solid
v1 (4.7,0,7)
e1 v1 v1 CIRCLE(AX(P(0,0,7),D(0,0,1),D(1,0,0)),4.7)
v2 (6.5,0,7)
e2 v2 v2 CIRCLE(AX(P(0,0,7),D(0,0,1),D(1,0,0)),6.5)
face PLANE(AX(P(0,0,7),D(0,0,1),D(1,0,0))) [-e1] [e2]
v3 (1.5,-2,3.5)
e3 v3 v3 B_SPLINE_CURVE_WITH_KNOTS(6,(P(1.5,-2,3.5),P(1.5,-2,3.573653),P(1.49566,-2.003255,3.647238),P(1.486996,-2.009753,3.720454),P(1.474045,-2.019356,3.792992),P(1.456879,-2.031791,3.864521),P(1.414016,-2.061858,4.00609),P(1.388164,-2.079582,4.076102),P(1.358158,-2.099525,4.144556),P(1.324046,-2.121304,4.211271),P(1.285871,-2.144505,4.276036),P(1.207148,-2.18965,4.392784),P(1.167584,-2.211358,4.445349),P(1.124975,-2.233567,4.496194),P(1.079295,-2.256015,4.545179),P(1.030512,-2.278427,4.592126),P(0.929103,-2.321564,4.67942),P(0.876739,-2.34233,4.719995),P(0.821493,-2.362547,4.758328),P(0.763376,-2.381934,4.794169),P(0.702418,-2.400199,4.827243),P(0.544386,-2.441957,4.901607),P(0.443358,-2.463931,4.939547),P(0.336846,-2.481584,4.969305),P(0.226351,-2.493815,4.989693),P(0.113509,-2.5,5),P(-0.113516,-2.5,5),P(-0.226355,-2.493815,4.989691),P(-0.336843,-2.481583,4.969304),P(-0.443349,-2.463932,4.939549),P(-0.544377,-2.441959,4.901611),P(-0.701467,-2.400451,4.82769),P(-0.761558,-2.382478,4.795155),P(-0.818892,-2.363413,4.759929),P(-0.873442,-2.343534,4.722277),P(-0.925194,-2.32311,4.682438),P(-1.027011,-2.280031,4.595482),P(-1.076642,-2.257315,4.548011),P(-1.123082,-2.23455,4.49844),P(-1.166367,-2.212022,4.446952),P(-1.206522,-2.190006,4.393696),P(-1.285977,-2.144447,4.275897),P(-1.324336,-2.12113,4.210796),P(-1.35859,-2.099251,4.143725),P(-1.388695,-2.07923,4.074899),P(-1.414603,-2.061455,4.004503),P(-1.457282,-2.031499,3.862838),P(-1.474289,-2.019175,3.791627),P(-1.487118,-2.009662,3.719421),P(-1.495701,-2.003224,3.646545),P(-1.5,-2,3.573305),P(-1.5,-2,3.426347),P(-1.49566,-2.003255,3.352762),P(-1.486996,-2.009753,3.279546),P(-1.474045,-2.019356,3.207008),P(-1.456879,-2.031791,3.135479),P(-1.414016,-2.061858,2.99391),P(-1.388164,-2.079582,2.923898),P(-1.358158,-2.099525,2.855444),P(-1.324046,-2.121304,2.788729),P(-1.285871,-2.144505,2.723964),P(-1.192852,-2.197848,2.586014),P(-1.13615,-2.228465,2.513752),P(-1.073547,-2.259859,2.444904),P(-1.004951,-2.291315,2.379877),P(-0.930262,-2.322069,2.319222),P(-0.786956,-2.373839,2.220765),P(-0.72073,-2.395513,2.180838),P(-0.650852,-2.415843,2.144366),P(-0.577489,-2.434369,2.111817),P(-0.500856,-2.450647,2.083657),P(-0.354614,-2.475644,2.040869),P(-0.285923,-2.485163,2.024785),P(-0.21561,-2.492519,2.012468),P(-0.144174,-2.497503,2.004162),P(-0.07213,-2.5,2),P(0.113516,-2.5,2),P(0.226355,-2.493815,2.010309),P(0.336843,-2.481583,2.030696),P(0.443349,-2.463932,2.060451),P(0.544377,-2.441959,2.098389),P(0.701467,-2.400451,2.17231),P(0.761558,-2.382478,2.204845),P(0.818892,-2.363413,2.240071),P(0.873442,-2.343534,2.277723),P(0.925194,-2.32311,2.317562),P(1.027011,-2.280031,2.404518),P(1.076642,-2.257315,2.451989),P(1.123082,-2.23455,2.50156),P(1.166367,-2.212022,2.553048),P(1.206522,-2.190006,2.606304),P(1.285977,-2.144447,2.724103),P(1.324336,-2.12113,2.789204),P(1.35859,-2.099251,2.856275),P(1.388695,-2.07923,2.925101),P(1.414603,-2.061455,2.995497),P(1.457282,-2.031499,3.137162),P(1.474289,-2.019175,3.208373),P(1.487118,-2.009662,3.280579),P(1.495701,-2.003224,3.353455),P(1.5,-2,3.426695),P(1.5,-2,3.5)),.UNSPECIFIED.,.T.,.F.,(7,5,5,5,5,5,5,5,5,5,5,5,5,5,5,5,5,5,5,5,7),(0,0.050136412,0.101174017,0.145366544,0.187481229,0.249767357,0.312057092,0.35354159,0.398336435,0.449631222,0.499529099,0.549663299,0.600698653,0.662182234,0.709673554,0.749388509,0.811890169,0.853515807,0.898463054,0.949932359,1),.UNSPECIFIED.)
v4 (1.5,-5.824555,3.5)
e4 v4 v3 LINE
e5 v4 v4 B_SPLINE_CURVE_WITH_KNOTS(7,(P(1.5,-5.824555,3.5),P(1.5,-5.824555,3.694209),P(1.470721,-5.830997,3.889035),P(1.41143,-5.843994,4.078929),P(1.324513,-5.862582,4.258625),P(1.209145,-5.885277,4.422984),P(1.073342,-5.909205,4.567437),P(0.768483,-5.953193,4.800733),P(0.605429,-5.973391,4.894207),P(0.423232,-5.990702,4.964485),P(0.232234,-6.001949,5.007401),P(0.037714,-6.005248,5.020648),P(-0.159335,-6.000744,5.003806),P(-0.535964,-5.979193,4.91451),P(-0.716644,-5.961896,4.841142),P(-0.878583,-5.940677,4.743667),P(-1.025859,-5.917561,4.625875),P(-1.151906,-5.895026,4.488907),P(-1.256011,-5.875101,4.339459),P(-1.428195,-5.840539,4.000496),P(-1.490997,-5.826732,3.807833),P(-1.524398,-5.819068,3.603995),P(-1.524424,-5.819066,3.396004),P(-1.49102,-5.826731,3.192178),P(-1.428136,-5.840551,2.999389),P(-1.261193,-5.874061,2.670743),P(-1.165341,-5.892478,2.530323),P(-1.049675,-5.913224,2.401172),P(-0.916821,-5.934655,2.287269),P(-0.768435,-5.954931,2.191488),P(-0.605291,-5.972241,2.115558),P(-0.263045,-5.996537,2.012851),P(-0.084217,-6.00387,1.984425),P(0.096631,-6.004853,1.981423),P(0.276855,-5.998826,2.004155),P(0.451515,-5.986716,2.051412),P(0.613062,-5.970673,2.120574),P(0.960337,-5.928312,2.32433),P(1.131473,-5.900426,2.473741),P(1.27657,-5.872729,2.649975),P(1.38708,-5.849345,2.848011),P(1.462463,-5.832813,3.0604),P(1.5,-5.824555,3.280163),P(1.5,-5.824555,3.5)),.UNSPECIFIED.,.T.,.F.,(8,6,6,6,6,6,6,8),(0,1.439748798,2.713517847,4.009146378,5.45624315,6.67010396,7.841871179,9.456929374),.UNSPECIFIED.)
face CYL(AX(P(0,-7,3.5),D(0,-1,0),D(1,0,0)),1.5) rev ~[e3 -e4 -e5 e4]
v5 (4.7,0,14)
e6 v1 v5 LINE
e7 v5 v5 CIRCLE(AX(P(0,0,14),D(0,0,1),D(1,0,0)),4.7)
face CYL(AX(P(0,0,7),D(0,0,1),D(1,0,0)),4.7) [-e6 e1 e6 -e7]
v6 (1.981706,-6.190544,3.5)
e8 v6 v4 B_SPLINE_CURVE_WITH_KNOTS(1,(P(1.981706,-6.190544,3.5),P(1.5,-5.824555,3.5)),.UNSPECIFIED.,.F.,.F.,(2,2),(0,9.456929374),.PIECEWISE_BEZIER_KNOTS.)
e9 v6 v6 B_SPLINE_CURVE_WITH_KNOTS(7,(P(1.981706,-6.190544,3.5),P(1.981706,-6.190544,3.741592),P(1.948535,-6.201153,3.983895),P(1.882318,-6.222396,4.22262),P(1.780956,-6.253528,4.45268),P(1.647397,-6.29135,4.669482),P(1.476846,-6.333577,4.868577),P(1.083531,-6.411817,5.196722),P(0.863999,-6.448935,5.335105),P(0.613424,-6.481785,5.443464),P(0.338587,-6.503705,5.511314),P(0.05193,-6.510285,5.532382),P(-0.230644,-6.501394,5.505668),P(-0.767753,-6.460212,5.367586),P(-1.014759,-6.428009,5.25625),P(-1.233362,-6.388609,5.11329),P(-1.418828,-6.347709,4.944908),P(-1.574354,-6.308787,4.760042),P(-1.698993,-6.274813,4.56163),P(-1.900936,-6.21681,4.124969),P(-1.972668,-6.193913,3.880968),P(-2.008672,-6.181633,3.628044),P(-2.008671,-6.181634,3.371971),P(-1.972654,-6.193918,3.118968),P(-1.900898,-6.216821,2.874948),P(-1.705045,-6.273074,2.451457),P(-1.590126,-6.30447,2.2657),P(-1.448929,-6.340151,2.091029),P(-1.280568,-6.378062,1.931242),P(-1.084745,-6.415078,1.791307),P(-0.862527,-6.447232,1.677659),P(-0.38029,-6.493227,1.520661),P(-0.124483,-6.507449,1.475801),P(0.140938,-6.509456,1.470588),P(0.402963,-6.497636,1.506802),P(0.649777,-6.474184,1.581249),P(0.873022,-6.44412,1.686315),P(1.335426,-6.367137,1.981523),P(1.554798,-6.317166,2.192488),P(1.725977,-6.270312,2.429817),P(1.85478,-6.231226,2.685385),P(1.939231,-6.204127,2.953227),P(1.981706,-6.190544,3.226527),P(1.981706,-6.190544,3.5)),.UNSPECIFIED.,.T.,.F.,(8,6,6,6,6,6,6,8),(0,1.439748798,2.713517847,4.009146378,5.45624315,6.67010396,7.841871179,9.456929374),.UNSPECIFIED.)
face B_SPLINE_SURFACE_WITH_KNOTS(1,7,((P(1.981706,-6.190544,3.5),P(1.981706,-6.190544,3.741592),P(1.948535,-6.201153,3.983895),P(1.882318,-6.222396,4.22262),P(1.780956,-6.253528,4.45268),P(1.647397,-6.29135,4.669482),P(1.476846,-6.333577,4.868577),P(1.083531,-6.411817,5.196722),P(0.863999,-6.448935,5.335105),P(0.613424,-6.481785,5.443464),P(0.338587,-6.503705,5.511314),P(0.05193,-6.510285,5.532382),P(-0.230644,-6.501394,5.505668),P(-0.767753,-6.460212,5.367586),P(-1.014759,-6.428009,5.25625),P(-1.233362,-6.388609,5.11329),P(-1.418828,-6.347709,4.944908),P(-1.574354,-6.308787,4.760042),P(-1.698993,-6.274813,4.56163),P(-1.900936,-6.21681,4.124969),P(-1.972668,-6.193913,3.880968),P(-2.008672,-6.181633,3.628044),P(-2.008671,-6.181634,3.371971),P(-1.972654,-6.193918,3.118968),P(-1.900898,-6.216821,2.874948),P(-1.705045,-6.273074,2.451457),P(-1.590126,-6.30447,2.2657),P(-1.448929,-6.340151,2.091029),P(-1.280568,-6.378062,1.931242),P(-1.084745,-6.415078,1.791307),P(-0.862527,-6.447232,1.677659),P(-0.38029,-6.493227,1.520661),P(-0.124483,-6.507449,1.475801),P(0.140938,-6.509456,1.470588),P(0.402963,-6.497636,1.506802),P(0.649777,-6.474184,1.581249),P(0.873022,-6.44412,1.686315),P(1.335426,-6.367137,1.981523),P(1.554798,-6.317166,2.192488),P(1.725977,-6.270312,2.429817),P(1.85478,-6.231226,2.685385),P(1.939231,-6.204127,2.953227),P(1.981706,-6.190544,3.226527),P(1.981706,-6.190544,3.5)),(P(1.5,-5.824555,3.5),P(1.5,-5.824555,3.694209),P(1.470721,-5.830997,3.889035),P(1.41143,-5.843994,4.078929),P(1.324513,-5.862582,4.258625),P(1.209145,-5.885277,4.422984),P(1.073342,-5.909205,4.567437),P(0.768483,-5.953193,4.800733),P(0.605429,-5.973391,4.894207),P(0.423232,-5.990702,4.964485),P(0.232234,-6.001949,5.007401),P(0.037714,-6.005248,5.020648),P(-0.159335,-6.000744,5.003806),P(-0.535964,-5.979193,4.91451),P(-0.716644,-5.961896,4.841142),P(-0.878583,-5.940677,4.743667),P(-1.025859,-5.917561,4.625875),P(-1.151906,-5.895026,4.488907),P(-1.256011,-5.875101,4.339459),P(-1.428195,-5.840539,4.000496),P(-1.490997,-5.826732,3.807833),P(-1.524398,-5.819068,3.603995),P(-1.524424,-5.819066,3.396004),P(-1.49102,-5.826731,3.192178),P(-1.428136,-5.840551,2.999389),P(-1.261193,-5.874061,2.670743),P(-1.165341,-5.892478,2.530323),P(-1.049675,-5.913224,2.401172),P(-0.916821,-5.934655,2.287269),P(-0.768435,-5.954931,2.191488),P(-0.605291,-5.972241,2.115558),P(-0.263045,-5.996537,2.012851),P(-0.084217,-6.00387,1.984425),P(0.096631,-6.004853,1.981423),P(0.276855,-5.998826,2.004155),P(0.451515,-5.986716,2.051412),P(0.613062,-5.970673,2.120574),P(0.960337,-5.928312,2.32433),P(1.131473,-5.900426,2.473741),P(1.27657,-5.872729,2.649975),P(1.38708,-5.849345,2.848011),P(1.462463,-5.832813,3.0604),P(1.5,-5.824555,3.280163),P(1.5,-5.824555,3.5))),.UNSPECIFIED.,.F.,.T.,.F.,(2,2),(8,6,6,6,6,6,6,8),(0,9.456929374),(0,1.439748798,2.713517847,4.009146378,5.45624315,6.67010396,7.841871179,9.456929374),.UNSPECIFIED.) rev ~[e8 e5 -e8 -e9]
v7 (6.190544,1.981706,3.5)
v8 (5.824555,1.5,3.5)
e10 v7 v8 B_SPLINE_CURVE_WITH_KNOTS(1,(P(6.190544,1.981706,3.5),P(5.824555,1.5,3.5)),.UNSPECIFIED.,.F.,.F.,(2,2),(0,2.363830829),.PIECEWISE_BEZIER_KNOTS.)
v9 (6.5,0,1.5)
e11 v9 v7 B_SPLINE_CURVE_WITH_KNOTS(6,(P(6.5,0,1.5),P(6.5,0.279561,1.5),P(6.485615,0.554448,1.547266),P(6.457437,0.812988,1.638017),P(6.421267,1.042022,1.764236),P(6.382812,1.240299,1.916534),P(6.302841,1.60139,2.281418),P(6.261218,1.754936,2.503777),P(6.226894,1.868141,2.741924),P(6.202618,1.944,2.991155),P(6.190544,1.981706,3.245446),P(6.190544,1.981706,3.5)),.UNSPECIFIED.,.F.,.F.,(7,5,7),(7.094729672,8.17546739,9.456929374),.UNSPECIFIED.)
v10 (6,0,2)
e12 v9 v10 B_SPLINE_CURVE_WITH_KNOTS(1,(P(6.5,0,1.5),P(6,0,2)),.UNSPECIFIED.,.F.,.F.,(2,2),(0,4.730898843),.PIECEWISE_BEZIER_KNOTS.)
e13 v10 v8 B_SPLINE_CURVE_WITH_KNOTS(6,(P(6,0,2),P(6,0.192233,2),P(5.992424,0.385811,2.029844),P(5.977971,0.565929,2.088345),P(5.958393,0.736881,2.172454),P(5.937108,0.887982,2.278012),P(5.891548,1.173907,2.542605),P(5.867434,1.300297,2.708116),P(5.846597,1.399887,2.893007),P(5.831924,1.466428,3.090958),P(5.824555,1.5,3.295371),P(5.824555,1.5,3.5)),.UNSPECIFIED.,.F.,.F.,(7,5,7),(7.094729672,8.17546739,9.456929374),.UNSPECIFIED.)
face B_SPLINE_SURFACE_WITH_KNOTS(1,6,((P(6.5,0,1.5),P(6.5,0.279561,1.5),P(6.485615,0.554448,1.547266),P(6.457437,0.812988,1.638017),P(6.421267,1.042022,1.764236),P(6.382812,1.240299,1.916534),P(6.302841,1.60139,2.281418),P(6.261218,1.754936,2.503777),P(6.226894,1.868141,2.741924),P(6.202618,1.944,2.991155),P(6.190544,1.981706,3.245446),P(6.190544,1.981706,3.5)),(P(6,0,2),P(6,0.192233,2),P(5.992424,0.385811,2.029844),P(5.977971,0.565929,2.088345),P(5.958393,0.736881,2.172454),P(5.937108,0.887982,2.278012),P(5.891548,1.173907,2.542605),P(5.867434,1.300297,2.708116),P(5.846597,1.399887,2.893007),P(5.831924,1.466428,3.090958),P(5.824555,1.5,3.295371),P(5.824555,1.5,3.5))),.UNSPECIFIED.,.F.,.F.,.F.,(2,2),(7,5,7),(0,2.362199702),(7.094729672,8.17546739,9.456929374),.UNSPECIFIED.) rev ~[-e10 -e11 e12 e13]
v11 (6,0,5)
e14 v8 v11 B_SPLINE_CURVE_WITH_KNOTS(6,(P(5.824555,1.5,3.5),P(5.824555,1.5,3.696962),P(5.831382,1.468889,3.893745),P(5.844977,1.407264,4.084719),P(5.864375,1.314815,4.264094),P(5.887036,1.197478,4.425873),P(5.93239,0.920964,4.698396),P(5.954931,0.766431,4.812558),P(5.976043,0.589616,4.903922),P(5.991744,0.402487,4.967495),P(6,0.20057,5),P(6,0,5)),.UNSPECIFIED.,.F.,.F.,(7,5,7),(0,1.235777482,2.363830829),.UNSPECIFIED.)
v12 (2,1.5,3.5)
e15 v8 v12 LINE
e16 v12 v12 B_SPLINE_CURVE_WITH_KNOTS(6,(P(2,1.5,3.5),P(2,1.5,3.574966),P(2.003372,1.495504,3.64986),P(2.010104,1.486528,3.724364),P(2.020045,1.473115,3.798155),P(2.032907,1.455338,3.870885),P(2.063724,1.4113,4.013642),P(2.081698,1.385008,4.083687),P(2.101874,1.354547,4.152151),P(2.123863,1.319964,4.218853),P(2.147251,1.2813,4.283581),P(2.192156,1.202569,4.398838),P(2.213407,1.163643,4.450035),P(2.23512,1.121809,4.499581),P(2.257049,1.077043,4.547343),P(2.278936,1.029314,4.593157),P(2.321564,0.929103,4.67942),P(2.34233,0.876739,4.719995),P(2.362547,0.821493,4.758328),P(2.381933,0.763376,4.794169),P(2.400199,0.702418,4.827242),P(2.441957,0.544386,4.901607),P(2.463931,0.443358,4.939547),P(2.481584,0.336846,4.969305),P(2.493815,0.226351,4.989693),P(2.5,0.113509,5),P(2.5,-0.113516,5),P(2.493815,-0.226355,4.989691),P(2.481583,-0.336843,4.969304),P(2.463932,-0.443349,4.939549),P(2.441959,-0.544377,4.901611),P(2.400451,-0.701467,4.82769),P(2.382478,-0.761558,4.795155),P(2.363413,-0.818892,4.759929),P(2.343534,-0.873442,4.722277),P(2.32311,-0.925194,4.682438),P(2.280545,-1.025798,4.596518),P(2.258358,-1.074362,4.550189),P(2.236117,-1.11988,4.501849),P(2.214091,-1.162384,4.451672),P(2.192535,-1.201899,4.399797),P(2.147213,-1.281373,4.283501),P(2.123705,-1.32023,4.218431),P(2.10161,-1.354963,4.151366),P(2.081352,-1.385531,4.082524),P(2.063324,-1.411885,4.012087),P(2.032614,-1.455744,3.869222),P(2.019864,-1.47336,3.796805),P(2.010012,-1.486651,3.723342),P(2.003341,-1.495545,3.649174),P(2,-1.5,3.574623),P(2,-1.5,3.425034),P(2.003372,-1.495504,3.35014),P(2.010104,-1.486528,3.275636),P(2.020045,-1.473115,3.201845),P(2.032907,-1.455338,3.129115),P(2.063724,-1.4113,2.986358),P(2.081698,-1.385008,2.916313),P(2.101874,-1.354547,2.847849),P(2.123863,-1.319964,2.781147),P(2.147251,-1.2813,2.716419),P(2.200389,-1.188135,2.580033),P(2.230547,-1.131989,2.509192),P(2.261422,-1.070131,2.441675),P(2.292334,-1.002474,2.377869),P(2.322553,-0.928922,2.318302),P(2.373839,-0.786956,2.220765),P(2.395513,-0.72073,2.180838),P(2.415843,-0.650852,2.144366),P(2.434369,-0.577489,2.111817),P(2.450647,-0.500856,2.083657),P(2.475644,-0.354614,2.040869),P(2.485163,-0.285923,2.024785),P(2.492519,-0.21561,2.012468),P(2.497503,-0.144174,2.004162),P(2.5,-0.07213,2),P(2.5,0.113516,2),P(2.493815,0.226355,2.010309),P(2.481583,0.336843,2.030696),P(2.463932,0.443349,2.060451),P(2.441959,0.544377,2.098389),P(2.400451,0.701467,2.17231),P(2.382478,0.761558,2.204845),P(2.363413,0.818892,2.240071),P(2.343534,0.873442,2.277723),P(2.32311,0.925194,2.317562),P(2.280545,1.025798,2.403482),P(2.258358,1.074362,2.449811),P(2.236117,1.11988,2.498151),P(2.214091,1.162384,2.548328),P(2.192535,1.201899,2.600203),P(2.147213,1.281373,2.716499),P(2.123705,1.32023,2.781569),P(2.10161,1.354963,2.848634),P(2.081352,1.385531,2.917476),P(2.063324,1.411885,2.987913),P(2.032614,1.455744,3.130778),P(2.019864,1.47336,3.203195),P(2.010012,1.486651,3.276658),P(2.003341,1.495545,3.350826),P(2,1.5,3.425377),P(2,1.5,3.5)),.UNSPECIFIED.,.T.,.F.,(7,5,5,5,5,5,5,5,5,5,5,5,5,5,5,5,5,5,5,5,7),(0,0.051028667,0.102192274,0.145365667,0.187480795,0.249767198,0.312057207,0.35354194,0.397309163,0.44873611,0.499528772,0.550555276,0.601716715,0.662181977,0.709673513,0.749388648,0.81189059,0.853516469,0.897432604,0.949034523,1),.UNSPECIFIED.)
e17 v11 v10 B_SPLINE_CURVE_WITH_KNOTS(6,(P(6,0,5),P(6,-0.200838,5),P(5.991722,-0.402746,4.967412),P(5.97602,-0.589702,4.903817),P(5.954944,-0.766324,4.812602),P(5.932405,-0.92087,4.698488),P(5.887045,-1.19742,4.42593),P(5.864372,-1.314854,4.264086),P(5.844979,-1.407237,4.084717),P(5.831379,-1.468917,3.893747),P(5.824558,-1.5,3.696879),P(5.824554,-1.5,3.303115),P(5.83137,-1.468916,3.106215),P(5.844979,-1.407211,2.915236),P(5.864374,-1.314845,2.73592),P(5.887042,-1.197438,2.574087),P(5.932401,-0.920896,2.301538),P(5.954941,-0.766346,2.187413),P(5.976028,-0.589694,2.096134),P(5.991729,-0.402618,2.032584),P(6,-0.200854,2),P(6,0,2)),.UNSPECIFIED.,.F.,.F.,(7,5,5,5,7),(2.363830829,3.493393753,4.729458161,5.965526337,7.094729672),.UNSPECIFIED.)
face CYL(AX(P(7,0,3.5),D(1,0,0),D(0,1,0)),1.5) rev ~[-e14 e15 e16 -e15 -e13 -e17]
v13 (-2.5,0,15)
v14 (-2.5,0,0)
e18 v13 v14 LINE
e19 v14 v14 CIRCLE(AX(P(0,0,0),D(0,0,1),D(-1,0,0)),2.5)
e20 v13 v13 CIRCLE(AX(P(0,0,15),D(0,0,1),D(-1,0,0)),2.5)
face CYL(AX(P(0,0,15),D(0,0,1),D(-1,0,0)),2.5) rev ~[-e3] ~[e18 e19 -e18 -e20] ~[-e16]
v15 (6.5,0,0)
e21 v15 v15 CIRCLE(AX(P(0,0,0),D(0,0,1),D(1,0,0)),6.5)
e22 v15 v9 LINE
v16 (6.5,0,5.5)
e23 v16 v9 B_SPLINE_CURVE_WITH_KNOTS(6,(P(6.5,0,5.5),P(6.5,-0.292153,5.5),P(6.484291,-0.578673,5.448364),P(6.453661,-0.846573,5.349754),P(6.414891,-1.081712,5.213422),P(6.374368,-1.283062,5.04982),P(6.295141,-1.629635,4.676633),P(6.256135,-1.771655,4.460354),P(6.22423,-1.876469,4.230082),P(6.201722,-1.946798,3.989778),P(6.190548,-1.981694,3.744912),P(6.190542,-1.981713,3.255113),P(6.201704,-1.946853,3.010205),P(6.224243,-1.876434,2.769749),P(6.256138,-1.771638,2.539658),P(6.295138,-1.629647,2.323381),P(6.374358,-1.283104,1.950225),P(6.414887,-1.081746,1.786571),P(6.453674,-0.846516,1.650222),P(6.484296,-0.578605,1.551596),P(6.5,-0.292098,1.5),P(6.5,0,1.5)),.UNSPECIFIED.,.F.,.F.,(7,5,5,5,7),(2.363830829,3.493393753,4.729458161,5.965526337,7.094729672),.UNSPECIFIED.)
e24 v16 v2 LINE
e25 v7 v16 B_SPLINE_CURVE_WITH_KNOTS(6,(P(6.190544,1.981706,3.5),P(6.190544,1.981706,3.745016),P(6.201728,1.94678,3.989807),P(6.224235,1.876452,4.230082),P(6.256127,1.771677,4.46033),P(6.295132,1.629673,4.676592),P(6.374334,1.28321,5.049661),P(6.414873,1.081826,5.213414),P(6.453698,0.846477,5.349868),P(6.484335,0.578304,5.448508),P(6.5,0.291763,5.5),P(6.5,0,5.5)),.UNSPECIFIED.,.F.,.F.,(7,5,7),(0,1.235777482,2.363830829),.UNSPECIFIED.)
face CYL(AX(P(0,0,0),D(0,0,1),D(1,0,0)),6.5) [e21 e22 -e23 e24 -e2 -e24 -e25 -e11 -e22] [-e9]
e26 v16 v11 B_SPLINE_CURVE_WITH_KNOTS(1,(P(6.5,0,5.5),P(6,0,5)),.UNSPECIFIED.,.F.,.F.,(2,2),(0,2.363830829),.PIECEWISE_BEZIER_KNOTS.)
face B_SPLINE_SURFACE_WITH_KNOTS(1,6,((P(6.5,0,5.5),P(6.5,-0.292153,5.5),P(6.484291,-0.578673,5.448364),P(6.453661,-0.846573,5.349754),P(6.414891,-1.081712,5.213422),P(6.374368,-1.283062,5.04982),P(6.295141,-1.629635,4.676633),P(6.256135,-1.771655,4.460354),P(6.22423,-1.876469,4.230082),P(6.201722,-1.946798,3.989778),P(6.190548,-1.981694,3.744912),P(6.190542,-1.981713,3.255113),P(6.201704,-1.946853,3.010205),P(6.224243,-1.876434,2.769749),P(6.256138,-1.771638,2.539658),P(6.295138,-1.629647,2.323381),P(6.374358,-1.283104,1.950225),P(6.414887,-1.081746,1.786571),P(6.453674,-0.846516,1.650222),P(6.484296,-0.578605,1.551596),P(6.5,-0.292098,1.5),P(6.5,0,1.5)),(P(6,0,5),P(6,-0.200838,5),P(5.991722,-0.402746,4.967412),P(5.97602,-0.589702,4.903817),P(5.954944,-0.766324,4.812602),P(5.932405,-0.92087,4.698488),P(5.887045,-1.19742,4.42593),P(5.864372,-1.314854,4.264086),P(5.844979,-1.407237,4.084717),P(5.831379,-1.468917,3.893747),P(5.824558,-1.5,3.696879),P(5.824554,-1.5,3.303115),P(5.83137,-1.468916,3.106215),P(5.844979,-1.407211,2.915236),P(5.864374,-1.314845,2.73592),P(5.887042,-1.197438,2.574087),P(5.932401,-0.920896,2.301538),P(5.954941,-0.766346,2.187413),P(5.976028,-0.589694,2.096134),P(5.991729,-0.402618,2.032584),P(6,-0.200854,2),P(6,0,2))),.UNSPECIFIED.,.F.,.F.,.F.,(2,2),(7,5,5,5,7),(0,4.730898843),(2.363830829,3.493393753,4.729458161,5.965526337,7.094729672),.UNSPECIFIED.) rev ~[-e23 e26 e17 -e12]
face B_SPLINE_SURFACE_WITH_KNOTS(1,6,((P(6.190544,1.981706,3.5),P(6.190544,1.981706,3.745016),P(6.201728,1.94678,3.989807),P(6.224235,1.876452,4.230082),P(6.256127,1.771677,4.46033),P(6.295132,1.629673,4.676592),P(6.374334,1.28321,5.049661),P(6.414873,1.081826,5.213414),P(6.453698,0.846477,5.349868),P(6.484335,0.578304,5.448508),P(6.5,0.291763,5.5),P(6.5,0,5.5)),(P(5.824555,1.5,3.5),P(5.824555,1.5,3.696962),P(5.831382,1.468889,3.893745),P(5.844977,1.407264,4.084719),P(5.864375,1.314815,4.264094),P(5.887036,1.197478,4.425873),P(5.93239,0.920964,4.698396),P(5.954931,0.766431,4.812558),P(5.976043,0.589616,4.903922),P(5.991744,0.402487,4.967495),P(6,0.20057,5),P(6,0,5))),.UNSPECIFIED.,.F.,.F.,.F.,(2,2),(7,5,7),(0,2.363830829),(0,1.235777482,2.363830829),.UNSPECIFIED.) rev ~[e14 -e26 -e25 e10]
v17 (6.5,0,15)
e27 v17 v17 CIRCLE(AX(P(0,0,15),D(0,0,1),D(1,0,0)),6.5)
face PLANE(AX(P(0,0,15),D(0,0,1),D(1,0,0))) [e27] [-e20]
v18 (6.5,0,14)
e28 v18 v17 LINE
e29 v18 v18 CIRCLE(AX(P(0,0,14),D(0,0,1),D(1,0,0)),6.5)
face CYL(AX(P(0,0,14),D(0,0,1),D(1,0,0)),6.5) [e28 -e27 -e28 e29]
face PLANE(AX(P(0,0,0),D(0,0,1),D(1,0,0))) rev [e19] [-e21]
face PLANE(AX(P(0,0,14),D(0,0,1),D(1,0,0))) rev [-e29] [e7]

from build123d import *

# Parameters (mm, degrees)
SKETCH003_R     = 1.5
PAD010_DEPTH    = 8
SKETCH017_R     = 1.5
PAD009_DEPTH    = 8
SKETCH016_R     = 2.5
POCKET001_DEPTH = 15
CHAMFER005_SIZE = 0.5


with BuildPart() as pad010:
    # Sketch003 → Pad010 (new body)
    with BuildSketch(Plane(origin=(7, 0, 3.5), x_dir=(0, 1, 0), z_dir=(1, 0, 0))):
        Circle(SKETCH003_R)
    extrude(amount=-PAD010_DEPTH)


with BuildPart() as pad009:
    # Sketch017 → Pad009 (new body)
    with BuildSketch(Plane(origin=(0, -7, 3.5), x_dir=(1, 0, 0), z_dir=(0, -1, 0))):
        Circle(SKETCH017_R)
    extrude(amount=-PAD009_DEPTH)


with BuildPart() as chamfer005:
    # Sketch015 → Revolution (revolve)
    with BuildSketch(Plane.XZ):
        Polygon((0, 0), (6.5, 0), (6.5, 7), (4.7, 7), (4.7, 14), (6.5, 14), (6.5, 15), (0, 15), align=None)
    revolve(axis=Axis((0, 0, 0), (0, 0, 1)))

    # Sketch016 (on Face7 of Revolution) → Pocket001 (cut)
    with BuildSketch(Plane(origin=(0, 0, 15), x_dir=(-1, 0, 0), z_dir=(0, 0, 1))):
        Circle(SKETCH016_R)
    extrude(amount=-POCKET001_DEPTH, mode=Mode.SUBTRACT)

    # Cut013: cut Pad009
    add(pad009.part, mode=Mode.SUBTRACT)

    # Cut014: cut Pad010
    add(pad010.part, mode=Mode.SUBTRACT)

    # Chamfer005
    chamfer005_edges = [chamfer005.edges().sort_by_distance(p)[0] for p in [
        (-4e-06, -6.499997, 4.999986),
        (-4e-06, -6.499997, 2.000014),
        (6.412872, 1.060693, 4.560627),
        (6.412872, 1.060693, 2.439373),
        (6.412872, -1.060693, 2.439373),
        (6.412872, -1.060693, 4.560627),
    ]]
    chamfer(chamfer005_edges, length=CHAMFER005_SIZE)


solid = chamfer005.part
